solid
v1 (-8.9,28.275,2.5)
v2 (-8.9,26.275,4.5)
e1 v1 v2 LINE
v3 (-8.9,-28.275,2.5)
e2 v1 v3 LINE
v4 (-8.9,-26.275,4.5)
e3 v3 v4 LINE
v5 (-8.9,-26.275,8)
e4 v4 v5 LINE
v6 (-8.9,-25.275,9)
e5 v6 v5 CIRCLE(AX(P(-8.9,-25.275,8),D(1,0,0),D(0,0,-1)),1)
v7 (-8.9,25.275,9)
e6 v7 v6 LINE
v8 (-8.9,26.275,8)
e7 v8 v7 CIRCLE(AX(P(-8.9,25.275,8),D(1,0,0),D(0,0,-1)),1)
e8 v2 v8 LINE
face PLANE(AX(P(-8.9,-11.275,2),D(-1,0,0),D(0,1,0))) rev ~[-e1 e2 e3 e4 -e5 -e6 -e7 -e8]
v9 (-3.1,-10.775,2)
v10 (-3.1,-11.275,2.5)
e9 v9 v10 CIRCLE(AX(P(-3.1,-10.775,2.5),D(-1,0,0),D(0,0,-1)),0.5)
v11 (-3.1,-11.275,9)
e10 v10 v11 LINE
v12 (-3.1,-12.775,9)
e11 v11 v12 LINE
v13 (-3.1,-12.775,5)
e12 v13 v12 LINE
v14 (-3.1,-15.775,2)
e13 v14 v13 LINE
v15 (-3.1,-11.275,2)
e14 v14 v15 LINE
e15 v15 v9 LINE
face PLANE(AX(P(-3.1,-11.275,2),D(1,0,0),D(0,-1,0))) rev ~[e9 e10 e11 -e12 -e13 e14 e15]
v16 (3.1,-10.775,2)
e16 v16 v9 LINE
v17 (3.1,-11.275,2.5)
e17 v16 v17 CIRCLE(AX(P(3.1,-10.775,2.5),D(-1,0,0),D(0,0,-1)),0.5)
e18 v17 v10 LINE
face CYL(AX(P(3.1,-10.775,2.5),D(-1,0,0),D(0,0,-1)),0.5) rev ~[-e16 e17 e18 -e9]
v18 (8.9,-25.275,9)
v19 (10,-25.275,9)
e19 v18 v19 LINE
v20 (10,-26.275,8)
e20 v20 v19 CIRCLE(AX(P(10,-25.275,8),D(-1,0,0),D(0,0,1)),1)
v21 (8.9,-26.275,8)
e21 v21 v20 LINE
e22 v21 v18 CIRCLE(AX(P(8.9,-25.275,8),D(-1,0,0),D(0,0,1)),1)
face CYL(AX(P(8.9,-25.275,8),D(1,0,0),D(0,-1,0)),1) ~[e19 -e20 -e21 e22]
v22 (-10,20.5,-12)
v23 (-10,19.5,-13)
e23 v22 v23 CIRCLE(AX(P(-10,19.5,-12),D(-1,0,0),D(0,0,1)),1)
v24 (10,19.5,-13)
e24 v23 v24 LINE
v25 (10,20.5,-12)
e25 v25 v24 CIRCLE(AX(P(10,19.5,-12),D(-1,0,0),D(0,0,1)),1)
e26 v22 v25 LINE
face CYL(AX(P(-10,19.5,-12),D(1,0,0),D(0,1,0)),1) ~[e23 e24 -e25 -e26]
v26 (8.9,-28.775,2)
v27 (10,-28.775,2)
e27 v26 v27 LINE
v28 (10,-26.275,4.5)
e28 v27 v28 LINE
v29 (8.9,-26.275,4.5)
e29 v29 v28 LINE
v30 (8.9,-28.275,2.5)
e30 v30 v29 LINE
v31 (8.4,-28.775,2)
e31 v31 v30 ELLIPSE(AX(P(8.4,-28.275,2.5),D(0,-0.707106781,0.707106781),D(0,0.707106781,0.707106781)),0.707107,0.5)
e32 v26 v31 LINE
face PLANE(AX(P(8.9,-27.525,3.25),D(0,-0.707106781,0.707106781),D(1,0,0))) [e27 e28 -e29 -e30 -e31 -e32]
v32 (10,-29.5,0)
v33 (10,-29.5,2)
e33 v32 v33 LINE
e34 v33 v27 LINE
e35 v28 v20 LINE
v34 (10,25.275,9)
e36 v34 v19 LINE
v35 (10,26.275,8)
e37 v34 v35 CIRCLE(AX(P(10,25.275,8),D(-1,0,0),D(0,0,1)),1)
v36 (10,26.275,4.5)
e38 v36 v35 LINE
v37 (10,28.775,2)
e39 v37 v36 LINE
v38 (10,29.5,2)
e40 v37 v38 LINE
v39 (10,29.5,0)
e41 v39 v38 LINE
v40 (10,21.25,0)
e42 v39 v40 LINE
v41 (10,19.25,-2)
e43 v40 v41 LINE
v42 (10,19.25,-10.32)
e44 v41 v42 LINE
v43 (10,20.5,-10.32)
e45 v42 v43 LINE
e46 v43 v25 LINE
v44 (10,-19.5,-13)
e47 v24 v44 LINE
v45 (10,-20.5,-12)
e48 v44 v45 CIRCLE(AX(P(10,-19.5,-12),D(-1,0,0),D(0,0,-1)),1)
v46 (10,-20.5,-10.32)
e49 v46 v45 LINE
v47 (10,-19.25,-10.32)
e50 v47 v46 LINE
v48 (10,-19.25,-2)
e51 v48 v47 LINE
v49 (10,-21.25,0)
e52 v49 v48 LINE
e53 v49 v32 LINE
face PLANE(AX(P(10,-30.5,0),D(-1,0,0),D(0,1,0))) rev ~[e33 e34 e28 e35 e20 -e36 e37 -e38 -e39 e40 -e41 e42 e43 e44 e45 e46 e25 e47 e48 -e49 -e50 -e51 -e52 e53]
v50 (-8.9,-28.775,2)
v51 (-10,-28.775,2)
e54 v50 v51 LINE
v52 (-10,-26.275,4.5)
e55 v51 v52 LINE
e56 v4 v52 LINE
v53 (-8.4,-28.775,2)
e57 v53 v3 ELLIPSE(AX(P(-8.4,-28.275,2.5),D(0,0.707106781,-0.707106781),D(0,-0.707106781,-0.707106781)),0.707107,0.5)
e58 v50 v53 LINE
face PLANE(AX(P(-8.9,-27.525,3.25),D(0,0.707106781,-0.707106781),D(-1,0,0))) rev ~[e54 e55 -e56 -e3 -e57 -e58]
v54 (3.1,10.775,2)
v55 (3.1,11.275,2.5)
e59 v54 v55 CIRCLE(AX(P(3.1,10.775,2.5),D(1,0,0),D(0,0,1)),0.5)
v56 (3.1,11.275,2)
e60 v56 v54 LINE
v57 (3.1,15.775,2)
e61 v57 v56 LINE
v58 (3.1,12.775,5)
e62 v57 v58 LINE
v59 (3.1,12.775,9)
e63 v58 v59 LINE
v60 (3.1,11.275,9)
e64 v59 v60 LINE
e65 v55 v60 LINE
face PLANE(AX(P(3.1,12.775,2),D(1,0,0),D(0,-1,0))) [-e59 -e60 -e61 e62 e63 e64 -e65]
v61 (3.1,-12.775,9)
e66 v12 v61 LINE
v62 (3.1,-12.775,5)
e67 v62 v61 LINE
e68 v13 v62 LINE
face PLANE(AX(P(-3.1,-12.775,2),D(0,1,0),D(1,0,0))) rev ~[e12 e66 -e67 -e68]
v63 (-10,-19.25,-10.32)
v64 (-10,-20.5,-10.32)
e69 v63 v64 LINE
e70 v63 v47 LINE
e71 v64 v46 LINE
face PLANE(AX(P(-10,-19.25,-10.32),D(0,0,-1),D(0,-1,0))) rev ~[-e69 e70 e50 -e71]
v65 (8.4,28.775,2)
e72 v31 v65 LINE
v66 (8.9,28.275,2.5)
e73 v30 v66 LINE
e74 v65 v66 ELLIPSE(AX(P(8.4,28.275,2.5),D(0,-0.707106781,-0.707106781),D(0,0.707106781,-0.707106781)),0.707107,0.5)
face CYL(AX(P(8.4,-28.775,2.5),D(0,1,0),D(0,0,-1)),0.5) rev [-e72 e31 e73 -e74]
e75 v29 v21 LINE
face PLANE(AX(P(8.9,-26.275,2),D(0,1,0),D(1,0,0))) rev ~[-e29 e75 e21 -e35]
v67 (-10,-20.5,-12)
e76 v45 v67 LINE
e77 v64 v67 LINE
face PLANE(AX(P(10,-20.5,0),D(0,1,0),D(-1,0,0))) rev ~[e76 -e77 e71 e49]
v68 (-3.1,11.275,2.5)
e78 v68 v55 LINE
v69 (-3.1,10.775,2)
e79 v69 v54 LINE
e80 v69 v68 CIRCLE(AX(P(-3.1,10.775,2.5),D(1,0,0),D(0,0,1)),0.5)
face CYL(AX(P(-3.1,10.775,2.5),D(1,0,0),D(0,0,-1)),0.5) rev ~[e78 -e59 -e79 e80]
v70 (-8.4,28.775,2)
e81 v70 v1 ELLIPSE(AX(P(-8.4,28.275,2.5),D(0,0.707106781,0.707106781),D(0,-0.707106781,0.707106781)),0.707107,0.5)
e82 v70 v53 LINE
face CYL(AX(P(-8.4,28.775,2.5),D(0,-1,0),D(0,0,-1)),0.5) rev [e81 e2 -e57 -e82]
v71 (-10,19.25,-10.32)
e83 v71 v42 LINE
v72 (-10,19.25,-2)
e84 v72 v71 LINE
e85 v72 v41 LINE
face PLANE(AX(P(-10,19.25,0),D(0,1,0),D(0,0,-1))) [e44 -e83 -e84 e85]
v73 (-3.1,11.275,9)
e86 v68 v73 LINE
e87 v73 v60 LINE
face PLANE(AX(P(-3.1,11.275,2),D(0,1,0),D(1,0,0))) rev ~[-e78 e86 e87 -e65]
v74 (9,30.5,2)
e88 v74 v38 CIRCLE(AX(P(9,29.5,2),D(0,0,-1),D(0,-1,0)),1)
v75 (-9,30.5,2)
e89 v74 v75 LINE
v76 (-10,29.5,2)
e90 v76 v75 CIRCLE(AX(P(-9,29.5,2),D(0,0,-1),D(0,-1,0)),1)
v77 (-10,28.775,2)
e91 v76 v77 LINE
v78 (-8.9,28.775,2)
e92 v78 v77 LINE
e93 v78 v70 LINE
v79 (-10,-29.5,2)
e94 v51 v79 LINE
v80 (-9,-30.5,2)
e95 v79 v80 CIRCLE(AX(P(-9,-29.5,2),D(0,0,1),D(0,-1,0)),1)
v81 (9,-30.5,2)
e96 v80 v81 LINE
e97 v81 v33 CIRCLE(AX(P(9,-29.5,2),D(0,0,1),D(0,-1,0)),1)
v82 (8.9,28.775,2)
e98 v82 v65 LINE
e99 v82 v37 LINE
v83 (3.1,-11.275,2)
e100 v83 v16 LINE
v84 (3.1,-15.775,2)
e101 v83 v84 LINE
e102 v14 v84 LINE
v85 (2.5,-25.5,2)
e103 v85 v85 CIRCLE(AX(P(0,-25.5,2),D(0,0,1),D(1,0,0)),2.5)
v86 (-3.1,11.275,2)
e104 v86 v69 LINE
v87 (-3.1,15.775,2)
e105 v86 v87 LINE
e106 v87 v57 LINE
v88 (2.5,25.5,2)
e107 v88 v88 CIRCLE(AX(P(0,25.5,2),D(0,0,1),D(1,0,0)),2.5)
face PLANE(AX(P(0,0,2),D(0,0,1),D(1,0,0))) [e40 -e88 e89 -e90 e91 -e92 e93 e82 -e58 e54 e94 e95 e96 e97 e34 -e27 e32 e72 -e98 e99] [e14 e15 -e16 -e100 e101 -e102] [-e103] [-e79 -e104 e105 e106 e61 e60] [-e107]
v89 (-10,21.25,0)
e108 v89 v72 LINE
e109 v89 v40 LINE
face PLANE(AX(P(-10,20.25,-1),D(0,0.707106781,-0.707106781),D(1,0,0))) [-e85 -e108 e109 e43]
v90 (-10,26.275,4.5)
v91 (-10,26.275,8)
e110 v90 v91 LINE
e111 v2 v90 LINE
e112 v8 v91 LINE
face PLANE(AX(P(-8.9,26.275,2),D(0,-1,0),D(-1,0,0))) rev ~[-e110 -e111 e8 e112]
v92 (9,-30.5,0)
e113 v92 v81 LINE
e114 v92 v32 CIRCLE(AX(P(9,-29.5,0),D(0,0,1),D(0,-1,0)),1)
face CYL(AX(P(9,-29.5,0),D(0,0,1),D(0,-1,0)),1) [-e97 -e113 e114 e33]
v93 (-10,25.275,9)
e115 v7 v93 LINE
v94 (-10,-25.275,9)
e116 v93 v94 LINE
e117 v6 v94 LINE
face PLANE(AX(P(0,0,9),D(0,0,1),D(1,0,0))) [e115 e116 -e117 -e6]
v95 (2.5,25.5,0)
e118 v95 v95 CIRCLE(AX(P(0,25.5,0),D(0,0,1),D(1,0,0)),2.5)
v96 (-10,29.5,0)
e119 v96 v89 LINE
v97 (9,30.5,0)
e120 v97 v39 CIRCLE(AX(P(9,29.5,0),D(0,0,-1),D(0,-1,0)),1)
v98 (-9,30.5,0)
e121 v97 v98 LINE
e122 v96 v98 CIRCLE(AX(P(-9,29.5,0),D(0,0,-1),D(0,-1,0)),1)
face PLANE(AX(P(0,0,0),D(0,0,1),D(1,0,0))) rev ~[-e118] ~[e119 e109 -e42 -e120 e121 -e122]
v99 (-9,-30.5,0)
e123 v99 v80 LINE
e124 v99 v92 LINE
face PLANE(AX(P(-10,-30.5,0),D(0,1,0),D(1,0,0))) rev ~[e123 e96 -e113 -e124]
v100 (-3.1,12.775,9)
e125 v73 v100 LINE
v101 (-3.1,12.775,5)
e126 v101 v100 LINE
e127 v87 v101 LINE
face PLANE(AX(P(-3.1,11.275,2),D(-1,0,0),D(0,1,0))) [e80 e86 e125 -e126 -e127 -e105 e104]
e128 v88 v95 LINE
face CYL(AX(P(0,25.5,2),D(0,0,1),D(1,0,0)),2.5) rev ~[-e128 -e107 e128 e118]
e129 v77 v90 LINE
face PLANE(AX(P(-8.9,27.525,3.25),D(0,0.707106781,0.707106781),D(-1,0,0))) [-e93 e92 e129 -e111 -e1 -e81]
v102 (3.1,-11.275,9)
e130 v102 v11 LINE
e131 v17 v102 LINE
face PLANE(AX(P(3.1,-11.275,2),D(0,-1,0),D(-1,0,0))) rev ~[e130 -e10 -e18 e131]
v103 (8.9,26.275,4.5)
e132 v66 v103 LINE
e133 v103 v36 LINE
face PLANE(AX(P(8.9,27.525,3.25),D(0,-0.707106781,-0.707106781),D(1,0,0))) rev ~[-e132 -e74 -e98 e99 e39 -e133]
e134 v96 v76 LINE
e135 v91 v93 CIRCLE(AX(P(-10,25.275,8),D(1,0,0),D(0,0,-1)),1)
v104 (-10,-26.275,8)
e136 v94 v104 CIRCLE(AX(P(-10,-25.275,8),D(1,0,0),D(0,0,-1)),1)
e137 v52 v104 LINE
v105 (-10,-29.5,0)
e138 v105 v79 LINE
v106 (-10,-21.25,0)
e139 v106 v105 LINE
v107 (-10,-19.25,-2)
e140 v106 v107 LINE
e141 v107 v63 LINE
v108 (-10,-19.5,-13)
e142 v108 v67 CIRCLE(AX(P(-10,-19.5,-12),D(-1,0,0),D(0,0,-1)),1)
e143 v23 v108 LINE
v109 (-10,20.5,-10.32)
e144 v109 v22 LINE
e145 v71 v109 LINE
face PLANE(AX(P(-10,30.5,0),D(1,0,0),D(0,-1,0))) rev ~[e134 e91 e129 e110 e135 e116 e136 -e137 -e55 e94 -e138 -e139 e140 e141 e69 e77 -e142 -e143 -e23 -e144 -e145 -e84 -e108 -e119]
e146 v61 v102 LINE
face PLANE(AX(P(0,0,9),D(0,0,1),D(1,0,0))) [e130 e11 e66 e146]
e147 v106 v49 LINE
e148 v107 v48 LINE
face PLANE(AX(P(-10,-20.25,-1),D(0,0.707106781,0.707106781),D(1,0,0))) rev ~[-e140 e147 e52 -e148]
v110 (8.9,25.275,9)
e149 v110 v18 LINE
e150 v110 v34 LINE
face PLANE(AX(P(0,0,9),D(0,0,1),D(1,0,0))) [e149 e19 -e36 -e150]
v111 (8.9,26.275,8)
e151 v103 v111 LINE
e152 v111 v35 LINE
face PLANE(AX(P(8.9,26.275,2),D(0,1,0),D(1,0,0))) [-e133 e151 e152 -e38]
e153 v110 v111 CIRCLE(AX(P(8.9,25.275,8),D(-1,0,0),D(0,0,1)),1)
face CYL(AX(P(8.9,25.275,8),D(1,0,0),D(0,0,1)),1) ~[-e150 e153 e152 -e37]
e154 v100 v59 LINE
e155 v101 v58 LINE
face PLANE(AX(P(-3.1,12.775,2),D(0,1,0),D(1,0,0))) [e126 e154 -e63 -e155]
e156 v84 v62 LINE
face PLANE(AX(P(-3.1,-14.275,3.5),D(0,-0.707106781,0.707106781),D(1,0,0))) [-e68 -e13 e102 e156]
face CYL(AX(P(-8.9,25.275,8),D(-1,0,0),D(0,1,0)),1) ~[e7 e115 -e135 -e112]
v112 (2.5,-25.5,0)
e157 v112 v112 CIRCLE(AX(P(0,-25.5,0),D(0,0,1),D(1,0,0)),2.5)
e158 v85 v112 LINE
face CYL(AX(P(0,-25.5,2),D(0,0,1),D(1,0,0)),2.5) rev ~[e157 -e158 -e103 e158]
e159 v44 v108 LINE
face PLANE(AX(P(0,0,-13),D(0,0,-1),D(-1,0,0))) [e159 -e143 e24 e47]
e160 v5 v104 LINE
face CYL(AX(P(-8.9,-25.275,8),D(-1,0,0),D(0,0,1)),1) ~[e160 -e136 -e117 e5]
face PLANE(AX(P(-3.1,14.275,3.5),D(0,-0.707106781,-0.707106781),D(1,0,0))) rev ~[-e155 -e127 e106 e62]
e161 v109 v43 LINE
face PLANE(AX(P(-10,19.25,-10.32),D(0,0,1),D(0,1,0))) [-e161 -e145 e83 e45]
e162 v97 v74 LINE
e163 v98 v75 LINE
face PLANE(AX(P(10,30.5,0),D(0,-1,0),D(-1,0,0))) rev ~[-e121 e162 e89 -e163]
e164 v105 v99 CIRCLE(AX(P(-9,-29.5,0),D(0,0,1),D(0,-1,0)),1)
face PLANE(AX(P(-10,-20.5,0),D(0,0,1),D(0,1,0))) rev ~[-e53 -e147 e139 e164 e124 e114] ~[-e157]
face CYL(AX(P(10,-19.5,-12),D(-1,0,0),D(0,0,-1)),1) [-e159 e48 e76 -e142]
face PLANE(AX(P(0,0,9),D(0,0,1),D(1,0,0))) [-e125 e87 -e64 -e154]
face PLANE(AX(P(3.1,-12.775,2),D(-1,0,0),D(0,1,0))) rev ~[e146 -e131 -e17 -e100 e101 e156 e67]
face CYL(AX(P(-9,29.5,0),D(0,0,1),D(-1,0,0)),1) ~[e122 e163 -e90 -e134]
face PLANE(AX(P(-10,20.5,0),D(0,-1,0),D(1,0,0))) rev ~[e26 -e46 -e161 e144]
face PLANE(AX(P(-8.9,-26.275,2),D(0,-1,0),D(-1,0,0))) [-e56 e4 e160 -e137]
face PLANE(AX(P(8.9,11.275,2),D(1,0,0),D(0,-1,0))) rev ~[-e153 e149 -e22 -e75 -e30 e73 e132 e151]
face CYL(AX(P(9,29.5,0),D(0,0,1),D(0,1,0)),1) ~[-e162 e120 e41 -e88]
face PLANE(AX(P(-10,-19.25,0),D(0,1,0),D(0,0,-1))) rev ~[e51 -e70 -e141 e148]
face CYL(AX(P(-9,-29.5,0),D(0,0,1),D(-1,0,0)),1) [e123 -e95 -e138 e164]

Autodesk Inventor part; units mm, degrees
ref_plane "YZ Plane" through (0, 0, 0) normal (1, 0, 0) x (0, 1, 0)
ref_plane "XZ Plane" through (0, 0, 0) normal (0, 1, 0) x (-1, 0, 0)
ref_plane "XY Plane" through (0, 0, 0) normal (0, 0, 1) x (1, 0, 0)
sketch "Skizze1" plane through (0, 0, 0) normal (0, 0, 1) x (1, 0, 0)
  line L0 (-10, -30.5) -> (10, -30.5)
  line L1 (10, -30.5) -> (10, 30.5)
  line L2 (10, 30.5) -> (-10, 30.5)
  line L3 (-10, 30.5) -> (-10, -30.5)
  line L4 (-10, -30.5) -> (10, 30.5) construction
  line L5 (10, -30.5) -> (-10, 30.5) construction
  point P0 (0, 0)
  dimension "d0" = 20
  dimension "d1" = 61
extrude "Extrusion1" add sketch "Skizze1" along normal blind 2
sketch "Skizze3" plane through (0, 0, 0) normal (0, 0, -1) x (-1, 0, 0)
  line L0 (10, 30.5) -> (10, -30.5) projected
  line L1 (-10, -20.5) -> (10, -20.5)
  line L2 (10, -20.5) -> (10, 20.5)
  line L3 (10, 20.5) -> (-10, 20.5)
  line L4 (-10, 20.5) -> (-10, -20.5)
  line L5 (-10, -20.5) -> (10, 20.5) construction
  line L6 (10, -20.5) -> (-10, 20.5) construction
  line L7 (10, -30.5) -> (-10, -30.5) projected
  line L8 (-10, -30.5) -> (-10, 30.5) projected
  point P0 (0, 0)
  point P1 (10, -20.5)
  dimension "d9" = 41
  dimension "d17" = 10
extrude "Extrusion3" add sketch "Skizze3" along normal blind 13 contours L0 L1 L4 L3
sketch "Skizze4" plane through (-10, -30.5, 2) normal (-1, 0, 0) x (0, 0, 1)
  line L0 (-2, 10) -> (-15, 10) projected
  line L1 (-12.32, 10) -> (-2, 10)
  line L2 (-2, 10) -> (-2, 11.25)
  line L3 (-2, 11.25) -> (-12.32, 11.25)
  line L4 (-12.32, 11.25) -> (-12.32, 10)
  line L5 (-15, 10) -> (-15, 51) projected
  line L6 (-4.404, 30.5) -> (2.981, 30.5) construction
  line L7 (-2, 51) -> (-15, 51)
  line L8 (-2, 51) -> (-2, 49.75)
  line L9 (-2, 49.75) -> (-12.32, 49.75)
  line L10 (-12.32, 49.75) -> (-12.32, 51)
  line L11 (-2, 10) -> (-12.32, 10)
  point P0 (-2, 30.5)
  point P1 (-12.32, 10.625)
  dimension "d12" = 2.68
  dimension "d13" = 1.25
extrude "Extrusion4" cut sketch "Skizze4" against normal through all
fillet "Rundung1" radius 1 6 edges at (-10, -30.5, 1) (10, -30.5, 1) (10, 30.5, 1) (-10, 30.5, 1) (0, 20.5, -13) (0, -20.5, -13)
sketch "Skizze6" plane through (0, 0, 2) normal (0, 0, 1) x (1, 0, 0)
  point P0 (0, 0)
sketch "Skizze7" plane through (0, 0, 2) normal (0, 0, 1) x (1, 0, 0)
  line L0 (-8.9, 11.275) -> (8.9, 11.275)
  line L1 (8.9, 11.275) -> (8.9, -11.275)
  line L2 (8.9, -11.275) -> (-8.9, -11.275)
  line L3 (-8.9, -11.275) -> (-8.9, 11.275)
  line L4 (-8.9, 11.275) -> (8.9, -11.275) construction
  line L5 (8.9, 11.275) -> (-8.9, -11.275) construction
  line L6 (-8.9, 11.275) -> (-10, 11.275)
  line L7 (-10, 11.275) -> (-10, -11.275)
  line L8 (-10, -11.275) -> (-8.9, -11.275)
  line L9 (8.9, 11.275) -> (10, 11.275)
  line L10 (10, 11.275) -> (10, -11.275)
  line L11 (10, -11.275) -> (8.9, -11.275)
  line L12 (10, -29.5) -> (10, 29.5) projected
  line L13 (-10, 29.5) -> (-10, -29.5) projected
  line L14 (-3.1, 12.775) -> (3.1, 12.775)
  line L15 (3.1, 12.775) -> (3.1, 11.275)
  line L16 (3.1, 11.275) -> (-3.1, 11.275)
  line L17 (-3.1, 11.275) -> (-3.1, 12.775)
  line L18 (-3.1, 12.775) -> (3.1, 11.275) construction
  line L19 (3.1, 12.775) -> (-3.1, 11.275) construction
  line L20 (-0.8378, 0) -> (1.8317, 0) construction
  line L21 (-3.1, -12.775) -> (3.1, -12.775)
  line L22 (3.1, -12.775) -> (3.1, -11.275)
  line L23 (3.1, -11.275) -> (-3.1, -11.275)
  line L24 (-3.1, -11.275) -> (-3.1, -12.775)
  line L25 (10, 11.275) -> (8.9, 11.275)
  line L26 (8.9, 11.275) -> (8.9, 26.275)
  line L27 (8.9, 26.275) -> (10, 26.275)
  line L28 (10, 26.275) -> (10, 11.275)
  line L29 (0, 1.7909) -> (0, -1.8992) construction
  line L30 (8.9, -11.275) -> (10, -11.275)
  line L31 (10, 29.5) -> (10, -29.5)
  line L32 (8.9, -11.275) -> (8.9, -26.275)
  line L33 (8.9, -26.275) -> (10, -26.275)
  line L34 (-8.9, 11.275) -> (-10, 11.275)
  line L35 (-10, -11.275) -> (-8.9, -11.275)
  line L36 (-10, -29.5) -> (-10, 29.5)
  line L37 (-8.9, 11.275) -> (-8.9, 26.275)
  line L38 (-8.9, 26.275) -> (-10, 26.275)
  line L39 (-8.9, -11.275) -> (-8.9, -26.275)
  line L40 (-8.9, -26.275) -> (-10, -26.275)
  point P0 (0, 0)
  point P1 (0, 0)
  point P2 (0, 12.025)
  point P3 (8.9, 18.775)
  dimension "d36" = 17.8
  dimension "d37" = 22.55
  dimension "d38" = 6.2
  dimension "d39" = 1.5
  dimension "d45" = 15
extrude "Extrusion5" add sketch "Skizze7" along normal blind 7 contours L3 L8 L7 L6 | L6 L13 L38 L37 | L17 L14 L15 L0 | L39 L40 L13 L8 | L2 L22 L21 L24 | L9 L10 L11 L1 | L26 L27 L12 L9 | L11 L12 L33 L32
chamfer "Fasen1" distance 2 angle 45 2 edges at (0, -19.25, 0) (0, 19.25, 0)
chamfer "Fasen2" distance 3 angle 45 2 edges at (0, 12.775, 2) (0, -12.775, 2)
chamfer "Fasen3" distance 2.5 angle 45 4 edges at (9.45, -26.275, 2) (-9.45, -26.275, 2) (-9.45, 26.275, 2) (9.45, 26.275, 2)
sketch "Skizze8" plane through (0, 0, 2) normal (0, 0, 1) x (1, 0, 0)
  circle A0 centre (0, 25.5) radius 2.5
  line L0 (1.3354, 0) -> (-2.5, 0) construction
  circle A1 centre (0, -25.5) radius 2.5
  line L1 (9, 30.5) -> (-9, 30.5) projected
  point P0 (0, 0)
  point P1 (0, 30.5)
  dimension "d52" = 5
  dimension "d55" = 5
extrude "Extrusion6" cut sketch "Skizze8" against normal through all
fillet "Rundung2" radius 1 4 edges at (-9.45, -26.275, 9) (9.45, -26.275, 9) (-9.45, 26.275, 9) (9.45, 26.275, 9)
fillet "Rundung3" radius 0.5 2 edges at (-8.9, 0, 2) (8.9, 0, 2)
fillet "Rundung4" radius 0.5 2 edges at (0, -11.275, 2) (0, 11.275, 2)
properties part number "Relais_Platte_3D-Druck"
